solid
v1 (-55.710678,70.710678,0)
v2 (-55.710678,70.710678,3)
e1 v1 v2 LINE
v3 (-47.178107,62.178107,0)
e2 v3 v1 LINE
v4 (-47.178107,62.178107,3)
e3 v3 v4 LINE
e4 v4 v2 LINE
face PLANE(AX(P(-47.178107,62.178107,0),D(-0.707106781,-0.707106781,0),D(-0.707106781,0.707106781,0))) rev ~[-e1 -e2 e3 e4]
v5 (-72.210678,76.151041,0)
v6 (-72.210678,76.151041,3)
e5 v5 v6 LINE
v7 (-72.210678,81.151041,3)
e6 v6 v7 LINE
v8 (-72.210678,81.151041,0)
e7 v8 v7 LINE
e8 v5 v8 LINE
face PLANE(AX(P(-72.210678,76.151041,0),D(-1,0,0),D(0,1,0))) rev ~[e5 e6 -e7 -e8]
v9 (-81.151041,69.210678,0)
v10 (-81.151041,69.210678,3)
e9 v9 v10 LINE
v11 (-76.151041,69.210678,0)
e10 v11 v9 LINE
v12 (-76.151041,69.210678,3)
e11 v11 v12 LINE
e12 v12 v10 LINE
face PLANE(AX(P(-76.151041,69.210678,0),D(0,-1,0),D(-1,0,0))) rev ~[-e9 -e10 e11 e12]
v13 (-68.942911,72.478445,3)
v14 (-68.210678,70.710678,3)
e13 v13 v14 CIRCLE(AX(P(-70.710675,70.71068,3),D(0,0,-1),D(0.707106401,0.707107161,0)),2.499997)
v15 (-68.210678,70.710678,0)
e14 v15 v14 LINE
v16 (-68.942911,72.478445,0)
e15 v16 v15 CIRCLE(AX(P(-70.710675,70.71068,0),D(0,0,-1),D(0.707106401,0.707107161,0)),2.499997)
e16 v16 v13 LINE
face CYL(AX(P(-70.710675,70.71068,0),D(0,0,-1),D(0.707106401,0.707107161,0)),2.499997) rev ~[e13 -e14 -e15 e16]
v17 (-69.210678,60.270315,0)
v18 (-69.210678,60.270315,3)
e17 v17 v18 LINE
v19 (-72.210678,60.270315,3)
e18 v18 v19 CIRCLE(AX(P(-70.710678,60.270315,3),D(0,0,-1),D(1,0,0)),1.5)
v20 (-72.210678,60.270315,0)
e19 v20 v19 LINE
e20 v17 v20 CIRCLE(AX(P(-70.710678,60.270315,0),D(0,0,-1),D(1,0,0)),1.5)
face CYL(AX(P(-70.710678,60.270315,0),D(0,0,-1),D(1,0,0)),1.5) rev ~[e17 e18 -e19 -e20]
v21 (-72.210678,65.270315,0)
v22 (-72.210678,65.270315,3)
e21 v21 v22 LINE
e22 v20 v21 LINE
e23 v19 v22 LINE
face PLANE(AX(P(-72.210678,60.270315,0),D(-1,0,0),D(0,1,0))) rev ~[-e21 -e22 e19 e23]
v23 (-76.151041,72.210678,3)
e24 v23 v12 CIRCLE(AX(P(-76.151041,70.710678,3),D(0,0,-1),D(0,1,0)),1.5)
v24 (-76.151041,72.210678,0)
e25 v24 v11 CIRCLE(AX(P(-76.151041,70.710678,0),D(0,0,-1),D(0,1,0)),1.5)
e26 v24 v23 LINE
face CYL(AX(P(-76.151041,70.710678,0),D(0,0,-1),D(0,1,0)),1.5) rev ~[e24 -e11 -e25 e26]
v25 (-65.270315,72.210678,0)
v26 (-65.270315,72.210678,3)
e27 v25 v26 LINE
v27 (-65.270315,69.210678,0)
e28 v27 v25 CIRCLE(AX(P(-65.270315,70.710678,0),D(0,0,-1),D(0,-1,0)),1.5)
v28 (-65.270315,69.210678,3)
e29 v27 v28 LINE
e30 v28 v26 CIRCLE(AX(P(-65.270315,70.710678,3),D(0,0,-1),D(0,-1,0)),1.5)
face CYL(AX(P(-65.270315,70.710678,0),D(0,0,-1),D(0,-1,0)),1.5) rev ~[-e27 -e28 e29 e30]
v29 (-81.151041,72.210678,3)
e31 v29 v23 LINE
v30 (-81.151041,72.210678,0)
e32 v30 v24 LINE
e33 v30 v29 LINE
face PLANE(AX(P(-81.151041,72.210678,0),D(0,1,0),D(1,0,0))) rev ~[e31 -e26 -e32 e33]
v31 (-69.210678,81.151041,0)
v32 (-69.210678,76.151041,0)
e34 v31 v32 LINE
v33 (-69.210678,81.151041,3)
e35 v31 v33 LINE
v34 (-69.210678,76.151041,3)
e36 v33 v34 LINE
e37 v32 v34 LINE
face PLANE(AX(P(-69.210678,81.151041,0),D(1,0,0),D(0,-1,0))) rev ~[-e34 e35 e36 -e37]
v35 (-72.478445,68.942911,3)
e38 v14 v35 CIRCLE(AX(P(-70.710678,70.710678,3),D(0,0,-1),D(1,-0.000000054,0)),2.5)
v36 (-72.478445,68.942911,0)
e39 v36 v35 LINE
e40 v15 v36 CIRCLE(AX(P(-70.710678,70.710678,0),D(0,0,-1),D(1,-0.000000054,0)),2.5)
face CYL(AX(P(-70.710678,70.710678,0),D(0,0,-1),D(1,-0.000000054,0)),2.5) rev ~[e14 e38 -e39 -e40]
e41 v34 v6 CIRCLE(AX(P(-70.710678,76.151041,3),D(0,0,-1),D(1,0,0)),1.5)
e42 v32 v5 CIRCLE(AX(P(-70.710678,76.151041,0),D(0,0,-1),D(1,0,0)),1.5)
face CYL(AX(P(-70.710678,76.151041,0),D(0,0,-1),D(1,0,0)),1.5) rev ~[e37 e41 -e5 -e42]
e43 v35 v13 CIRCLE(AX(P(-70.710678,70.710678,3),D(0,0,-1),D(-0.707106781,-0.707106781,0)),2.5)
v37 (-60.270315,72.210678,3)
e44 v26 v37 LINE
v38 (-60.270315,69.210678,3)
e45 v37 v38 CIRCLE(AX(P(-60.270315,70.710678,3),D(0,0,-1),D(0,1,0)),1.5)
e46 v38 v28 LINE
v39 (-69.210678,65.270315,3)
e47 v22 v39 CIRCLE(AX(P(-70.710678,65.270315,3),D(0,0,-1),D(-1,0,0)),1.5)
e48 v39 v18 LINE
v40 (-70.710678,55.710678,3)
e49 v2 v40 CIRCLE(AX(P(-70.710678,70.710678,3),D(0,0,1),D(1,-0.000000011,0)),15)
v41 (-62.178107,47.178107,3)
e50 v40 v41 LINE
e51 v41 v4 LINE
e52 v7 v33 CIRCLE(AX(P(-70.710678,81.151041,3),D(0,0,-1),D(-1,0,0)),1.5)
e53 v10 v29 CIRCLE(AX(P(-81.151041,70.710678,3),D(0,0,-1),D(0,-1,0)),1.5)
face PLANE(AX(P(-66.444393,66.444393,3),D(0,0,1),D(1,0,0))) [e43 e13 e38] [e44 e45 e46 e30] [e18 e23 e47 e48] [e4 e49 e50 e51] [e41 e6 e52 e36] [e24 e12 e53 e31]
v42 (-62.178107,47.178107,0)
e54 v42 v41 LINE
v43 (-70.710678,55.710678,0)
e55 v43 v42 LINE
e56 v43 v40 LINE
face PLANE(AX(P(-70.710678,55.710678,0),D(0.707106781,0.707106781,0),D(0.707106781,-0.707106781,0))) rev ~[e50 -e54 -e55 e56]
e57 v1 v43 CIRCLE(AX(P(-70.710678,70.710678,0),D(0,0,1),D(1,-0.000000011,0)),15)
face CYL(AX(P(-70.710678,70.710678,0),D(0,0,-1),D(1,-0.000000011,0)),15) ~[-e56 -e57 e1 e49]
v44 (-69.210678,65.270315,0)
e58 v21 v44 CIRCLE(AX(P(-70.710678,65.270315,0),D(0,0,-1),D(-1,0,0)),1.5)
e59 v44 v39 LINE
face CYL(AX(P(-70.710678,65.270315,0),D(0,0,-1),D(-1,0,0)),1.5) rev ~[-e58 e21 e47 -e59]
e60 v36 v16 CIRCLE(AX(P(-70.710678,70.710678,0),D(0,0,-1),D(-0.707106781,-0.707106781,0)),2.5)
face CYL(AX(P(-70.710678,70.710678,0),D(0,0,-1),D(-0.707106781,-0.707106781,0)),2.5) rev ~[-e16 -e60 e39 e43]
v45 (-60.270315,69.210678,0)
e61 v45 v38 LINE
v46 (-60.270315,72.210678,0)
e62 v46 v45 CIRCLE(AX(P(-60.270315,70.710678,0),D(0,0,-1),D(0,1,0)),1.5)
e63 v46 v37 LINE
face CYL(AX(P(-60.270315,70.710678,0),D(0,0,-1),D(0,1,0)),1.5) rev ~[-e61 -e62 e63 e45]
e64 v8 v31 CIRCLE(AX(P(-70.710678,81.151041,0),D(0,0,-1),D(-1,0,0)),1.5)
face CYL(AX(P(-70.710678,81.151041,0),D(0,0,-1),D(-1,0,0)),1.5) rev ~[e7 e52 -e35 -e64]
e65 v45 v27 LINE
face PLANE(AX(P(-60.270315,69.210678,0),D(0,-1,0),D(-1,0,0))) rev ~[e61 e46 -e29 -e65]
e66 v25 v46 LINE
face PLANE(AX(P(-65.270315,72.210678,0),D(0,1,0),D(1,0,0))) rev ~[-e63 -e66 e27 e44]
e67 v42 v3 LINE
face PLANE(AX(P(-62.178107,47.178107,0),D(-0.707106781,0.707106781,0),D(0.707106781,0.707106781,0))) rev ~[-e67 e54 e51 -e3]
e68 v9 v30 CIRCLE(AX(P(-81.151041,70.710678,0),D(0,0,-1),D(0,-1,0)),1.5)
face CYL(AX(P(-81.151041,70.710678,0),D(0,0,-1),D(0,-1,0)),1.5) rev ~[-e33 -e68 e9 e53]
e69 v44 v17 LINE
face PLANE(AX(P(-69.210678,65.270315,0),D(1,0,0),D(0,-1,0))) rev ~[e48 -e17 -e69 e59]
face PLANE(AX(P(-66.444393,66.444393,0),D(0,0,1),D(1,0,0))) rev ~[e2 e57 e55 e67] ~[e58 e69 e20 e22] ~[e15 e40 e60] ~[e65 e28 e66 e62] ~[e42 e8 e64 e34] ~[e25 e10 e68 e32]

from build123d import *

# Parameters (mm, degrees)
F1_DEPTH = 3


with BuildPart() as f1:
    # F0 (on Top) → F1 (new body)
    with BuildSketch(Plane.XY):
        with BuildLine():
            Line((-47.178107, 62.178107), (-55.710678, 70.710678))
            ThreePointArc((-55.710678, 70.710678), (-81.31728, 81.31728), (-70.710678, 55.710678))
            Line((-70.710678, 55.710678), (-62.178107, 47.178107))
            Line((-62.178107, 47.178107), (-47.178107, 62.178107))
        make_face()
        with BuildLine():
            ThreePointArc((-72.210678, 65.270315), (-70.710678, 66.770315), (-69.210678, 65.270315))
            Line((-69.210678, 65.270315), (-69.210678, 60.270315))
            ThreePointArc((-69.210678, 60.270315), (-70.710678, 58.770315), (-72.210678, 60.270315))
            Line((-72.210678, 60.270315), (-72.210678, 65.270315))
        make_face(mode=Mode.SUBTRACT)
        with BuildLine():
            ThreePointArc((-76.151041, 72.210678), (-74.651041, 70.710678), (-76.151041, 69.210678))
            Line((-76.151041, 69.210678), (-81.151041, 69.210678))
            ThreePointArc((-81.151041, 69.210678), (-82.651041, 70.710678), (-81.151041, 72.210678))
            Line((-81.151041, 72.210678), (-76.151041, 72.210678))
        make_face(mode=Mode.SUBTRACT)
        with BuildLine():
            ThreePointArc((-68.942911, 72.478445), (-68.400979, 71.667387), (-68.210678, 70.710678))
            ThreePointArc((-68.210678, 70.710678), (-69.75397, 68.400979), (-72.478445, 68.942911))
            ThreePointArc((-72.478445, 68.942911), (-72.478445, 72.478445), (-68.942911, 72.478445))
        make_face(mode=Mode.SUBTRACT)
        with BuildLine():
            Line((-69.210678, 81.151041), (-69.210678, 76.151041))
            ThreePointArc((-69.210678, 76.151041), (-70.710678, 74.651041), (-72.210678, 76.151041))
            Line((-72.210678, 76.151041), (-72.210678, 81.151041))
            ThreePointArc((-72.210678, 81.151041), (-70.710678, 82.651041), (-69.210678, 81.151041))
        make_face(mode=Mode.SUBTRACT)
        with BuildLine():
            Line((-60.270315, 69.210678), (-65.270315, 69.210678))
            ThreePointArc((-65.270315, 69.210678), (-66.770315, 70.710678), (-65.270315, 72.210678))
            Line((-65.270315, 72.210678), (-60.270315, 72.210678))
            ThreePointArc((-60.270315, 72.210678), (-58.770315, 70.710678), (-60.270315, 69.210678))
        make_face(mode=Mode.SUBTRACT)
    extrude(amount=F1_DEPTH)


solid = f1.part
